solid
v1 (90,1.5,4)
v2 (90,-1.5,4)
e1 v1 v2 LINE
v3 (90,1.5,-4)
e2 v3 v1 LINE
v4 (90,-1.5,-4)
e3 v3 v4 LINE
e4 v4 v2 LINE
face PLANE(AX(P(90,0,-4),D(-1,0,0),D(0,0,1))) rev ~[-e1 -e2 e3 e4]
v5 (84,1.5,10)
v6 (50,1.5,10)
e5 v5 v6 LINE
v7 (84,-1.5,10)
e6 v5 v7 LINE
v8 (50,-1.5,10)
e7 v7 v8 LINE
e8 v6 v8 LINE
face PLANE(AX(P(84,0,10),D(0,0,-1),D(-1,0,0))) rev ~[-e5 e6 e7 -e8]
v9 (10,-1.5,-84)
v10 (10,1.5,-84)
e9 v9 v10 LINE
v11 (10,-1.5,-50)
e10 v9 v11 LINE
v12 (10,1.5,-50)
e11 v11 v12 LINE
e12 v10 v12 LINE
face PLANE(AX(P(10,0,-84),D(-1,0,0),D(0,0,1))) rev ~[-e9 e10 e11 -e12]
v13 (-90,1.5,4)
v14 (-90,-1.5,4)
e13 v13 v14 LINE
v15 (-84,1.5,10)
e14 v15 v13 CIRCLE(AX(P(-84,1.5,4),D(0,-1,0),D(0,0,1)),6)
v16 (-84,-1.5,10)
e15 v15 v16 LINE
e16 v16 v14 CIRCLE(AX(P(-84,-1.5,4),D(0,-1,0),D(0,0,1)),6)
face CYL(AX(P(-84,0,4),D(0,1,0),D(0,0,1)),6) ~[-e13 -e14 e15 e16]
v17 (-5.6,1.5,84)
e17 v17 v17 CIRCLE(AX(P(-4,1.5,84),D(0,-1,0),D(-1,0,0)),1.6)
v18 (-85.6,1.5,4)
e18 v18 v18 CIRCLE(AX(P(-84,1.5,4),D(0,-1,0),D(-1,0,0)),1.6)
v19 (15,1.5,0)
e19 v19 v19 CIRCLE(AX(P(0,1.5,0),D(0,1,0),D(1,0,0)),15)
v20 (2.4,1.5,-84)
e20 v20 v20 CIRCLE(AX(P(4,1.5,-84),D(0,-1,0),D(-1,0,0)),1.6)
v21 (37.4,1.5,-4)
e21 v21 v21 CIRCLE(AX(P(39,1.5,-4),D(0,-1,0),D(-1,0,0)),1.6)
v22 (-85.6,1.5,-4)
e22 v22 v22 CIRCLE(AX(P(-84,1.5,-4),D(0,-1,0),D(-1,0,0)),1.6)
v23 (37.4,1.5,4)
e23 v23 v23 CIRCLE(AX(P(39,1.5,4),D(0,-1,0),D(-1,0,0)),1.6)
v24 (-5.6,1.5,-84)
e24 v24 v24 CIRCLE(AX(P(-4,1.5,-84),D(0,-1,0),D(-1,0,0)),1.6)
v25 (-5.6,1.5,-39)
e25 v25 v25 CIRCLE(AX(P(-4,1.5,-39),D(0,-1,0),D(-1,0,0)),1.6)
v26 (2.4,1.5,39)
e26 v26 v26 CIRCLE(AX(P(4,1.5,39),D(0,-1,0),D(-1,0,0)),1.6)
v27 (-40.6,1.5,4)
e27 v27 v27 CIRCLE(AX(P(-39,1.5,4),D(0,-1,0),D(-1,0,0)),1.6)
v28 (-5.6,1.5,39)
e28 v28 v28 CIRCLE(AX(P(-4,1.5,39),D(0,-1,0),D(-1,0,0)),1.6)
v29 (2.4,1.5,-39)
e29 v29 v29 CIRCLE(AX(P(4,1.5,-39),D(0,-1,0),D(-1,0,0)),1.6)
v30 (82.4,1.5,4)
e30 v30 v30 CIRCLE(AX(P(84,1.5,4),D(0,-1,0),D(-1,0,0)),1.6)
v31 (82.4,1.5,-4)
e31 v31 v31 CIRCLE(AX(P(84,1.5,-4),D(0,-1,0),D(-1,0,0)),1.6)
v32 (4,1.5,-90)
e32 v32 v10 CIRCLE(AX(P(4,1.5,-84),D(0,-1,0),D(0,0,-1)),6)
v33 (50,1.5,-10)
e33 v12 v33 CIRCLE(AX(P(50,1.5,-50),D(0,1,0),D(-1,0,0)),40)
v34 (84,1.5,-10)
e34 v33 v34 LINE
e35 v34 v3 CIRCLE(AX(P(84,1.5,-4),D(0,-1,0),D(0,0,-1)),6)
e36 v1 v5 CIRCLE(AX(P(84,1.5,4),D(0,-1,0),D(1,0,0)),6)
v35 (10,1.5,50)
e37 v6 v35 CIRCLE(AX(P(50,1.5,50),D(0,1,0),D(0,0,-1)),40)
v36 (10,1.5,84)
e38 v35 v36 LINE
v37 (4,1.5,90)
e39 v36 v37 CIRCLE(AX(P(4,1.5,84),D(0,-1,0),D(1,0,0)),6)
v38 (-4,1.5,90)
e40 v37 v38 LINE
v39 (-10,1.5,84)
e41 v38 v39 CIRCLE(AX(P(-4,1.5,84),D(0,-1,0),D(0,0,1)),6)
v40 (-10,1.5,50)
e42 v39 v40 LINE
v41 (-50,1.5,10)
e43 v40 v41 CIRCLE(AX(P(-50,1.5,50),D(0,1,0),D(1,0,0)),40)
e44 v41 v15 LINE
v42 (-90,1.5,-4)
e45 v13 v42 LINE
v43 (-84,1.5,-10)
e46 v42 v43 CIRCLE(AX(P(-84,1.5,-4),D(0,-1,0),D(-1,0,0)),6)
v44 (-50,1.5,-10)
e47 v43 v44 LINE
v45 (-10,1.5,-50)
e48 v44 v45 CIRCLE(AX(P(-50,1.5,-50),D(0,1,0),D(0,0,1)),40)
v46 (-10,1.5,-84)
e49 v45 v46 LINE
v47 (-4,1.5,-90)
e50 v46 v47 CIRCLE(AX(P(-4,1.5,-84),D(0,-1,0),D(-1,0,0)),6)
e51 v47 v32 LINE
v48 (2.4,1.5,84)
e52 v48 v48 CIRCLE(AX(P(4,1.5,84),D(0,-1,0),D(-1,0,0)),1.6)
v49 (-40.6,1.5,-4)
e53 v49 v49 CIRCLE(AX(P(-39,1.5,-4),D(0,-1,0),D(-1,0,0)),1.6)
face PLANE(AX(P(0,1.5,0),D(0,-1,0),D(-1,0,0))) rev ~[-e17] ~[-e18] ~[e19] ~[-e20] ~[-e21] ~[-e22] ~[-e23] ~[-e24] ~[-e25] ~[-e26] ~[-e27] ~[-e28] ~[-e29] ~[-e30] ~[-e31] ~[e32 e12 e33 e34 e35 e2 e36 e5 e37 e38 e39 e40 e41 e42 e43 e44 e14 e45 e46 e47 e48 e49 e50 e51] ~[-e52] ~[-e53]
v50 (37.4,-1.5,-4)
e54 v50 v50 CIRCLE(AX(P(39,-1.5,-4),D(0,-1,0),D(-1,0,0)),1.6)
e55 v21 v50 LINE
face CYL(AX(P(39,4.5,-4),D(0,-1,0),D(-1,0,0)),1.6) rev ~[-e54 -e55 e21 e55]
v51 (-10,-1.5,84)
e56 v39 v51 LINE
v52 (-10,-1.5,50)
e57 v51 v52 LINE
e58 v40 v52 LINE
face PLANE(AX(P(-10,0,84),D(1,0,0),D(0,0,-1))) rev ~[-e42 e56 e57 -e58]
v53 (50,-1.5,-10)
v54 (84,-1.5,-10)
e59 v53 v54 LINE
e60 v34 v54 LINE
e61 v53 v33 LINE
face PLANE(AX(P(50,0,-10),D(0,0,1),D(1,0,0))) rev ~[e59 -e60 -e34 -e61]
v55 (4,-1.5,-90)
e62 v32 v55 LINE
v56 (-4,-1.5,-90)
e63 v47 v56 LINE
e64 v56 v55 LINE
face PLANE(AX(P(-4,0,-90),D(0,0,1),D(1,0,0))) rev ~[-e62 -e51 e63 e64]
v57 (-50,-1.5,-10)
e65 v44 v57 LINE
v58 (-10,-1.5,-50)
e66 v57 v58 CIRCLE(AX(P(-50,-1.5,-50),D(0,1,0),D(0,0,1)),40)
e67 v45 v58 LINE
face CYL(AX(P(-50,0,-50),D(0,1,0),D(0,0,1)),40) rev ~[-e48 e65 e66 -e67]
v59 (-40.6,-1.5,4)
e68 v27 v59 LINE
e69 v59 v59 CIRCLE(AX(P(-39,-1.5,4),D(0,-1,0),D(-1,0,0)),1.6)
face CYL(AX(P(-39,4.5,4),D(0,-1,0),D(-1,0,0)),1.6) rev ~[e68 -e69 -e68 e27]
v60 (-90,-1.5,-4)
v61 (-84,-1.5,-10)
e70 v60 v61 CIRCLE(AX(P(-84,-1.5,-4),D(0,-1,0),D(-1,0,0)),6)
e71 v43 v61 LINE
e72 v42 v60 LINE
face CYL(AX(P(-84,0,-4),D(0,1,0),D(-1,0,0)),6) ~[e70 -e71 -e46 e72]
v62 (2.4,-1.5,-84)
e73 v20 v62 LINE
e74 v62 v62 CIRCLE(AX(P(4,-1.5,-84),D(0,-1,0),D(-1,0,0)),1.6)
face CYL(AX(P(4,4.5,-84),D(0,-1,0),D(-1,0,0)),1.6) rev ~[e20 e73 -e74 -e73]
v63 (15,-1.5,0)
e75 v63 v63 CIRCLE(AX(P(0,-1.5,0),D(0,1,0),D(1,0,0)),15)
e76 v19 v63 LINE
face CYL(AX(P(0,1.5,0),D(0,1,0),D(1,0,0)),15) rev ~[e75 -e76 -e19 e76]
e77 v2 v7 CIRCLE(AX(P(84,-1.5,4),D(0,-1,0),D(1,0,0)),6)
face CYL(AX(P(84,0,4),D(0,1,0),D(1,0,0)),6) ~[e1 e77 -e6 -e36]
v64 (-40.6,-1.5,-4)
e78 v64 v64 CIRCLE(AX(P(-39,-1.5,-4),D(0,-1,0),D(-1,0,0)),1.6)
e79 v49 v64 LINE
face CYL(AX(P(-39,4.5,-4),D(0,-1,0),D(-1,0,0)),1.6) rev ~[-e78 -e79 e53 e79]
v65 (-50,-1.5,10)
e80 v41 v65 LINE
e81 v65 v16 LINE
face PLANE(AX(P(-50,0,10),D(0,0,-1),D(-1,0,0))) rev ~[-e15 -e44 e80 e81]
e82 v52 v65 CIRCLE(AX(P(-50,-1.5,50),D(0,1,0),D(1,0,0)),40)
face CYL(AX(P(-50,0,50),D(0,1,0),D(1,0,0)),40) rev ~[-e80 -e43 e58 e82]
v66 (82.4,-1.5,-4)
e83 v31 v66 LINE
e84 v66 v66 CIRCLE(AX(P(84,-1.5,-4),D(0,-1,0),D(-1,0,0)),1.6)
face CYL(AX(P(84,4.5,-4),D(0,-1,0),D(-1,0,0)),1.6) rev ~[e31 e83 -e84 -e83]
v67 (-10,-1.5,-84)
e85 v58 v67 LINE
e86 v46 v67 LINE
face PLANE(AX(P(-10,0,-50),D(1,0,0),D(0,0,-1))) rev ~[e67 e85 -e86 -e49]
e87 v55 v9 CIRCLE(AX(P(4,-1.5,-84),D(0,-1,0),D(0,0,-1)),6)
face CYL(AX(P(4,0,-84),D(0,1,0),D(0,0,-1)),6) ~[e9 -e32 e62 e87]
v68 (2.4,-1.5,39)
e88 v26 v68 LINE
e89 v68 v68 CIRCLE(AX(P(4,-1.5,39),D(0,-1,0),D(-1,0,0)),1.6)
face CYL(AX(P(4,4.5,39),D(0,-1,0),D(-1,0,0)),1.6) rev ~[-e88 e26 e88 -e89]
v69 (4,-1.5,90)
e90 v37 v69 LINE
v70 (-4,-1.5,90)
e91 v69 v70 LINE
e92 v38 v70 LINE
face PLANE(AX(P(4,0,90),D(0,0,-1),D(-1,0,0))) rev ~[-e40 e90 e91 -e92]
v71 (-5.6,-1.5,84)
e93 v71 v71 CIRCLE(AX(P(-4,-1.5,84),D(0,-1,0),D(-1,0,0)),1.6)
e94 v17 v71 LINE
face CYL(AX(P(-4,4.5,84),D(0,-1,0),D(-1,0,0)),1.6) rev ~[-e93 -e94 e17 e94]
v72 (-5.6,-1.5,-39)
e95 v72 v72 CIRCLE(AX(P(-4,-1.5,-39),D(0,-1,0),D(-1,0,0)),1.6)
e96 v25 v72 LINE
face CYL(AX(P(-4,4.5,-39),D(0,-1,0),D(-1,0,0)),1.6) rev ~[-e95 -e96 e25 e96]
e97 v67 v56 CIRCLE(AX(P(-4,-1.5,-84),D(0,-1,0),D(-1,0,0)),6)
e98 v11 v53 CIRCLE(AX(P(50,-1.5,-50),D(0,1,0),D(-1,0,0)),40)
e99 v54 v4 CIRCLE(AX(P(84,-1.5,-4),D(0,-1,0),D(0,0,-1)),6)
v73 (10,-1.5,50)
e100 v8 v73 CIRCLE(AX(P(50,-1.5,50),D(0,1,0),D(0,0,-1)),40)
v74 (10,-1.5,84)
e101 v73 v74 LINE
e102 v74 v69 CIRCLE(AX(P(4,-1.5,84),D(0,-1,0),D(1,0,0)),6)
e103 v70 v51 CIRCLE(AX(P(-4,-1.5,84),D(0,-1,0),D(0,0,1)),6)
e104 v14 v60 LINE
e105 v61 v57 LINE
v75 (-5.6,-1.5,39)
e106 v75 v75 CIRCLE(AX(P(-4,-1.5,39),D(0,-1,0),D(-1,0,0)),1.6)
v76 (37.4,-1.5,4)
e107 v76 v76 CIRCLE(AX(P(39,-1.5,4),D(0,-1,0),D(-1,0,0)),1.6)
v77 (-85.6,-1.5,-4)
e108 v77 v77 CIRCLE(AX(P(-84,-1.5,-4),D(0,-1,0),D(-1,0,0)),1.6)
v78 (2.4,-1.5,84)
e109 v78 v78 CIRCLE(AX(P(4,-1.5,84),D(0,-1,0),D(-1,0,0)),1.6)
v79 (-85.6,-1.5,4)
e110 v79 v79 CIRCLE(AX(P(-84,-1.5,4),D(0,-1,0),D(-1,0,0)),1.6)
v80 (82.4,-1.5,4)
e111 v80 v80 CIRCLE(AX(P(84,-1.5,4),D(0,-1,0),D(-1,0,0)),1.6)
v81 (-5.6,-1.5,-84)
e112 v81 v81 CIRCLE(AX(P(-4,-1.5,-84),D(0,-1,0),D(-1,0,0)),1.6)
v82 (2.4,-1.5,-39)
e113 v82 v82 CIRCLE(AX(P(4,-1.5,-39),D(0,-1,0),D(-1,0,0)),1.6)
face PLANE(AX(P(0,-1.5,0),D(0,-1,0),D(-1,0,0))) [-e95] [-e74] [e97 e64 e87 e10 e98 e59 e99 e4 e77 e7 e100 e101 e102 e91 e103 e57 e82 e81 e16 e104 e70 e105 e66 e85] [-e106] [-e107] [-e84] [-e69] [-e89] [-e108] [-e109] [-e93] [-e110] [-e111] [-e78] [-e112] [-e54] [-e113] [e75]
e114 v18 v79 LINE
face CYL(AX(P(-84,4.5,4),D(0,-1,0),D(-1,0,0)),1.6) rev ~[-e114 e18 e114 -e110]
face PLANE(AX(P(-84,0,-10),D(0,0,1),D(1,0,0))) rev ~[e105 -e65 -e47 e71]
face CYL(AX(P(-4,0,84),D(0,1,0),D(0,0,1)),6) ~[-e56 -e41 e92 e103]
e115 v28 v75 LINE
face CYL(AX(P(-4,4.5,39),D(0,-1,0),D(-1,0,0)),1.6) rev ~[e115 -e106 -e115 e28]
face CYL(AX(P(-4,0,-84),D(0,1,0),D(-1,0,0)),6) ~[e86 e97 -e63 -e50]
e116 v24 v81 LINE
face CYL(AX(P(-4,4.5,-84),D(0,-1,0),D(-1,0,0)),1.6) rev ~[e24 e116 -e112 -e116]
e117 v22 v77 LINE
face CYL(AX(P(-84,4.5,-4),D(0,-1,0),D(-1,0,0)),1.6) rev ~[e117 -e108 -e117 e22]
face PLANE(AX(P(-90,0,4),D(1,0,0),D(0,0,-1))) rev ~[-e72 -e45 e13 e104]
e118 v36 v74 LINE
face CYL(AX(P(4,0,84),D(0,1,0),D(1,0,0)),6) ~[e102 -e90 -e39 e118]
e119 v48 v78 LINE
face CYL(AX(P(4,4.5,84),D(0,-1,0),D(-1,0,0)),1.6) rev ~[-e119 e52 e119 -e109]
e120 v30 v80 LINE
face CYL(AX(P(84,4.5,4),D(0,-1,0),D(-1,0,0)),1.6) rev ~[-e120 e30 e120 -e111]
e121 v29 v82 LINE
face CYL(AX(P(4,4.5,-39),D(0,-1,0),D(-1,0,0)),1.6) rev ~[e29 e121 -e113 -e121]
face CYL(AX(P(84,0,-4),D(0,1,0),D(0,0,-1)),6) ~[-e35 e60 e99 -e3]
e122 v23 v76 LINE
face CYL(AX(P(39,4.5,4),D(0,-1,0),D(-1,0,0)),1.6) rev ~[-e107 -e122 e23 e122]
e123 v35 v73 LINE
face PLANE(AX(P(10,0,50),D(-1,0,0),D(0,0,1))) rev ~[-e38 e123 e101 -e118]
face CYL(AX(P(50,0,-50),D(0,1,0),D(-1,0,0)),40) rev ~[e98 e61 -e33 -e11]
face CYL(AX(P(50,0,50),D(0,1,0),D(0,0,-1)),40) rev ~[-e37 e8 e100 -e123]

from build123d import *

# Parameters (mm, degrees)
BOSS_EXTRUDE1_DEPTH      = 1.5
M3_CLEARANCE_HOLE1_D     = 3.2
M3_CLEARANCE_HOLE1_DEPTH = 3
SKETCH5_R                = 15
CUT_EXTRUDE1_DEPTH       = 1
CUT_EXTRUDE1_DEPTH_BACK  = 4


with BuildPart() as part:
    # Sketch1 → Boss-Extrude1 (new body, symmetric)
    with BuildSketch(Plane(origin=(0, 0, 0), x_dir=(1, 0, 0), z_dir=(0, 1, 0))):
        with BuildLine():
            Line((50, 10), (84, 10))
            ThreePointArc((84, 10), (88.242640687, 8.242640687), (90, 4))
            Line((90, 4), (90, -4))
            ThreePointArc((90, -4), (88.242640687, -8.242640687), (84, -10))
            Line((84, -10), (50, -10))
            ThreePointArc((50, -10), (21.715728753, -21.715728753), (10, -50))
            Line((10, -50), (10, -84))
            ThreePointArc((10, -84), (8.242640687, -88.242640687), (4, -90))
            Line((4, -90), (-4, -90))
            ThreePointArc((-4, -90), (-8.242640687, -88.242640687), (-10, -84))
            Line((-10, -84), (-10, -50))
            ThreePointArc((-10, -50), (-21.715728753, -21.715728753), (-50, -10))
            Line((-50, -10), (-84, -10))
            ThreePointArc((-84, -10), (-88.242640687, -8.242640687), (-90, -4))
            Line((-90, -4), (-90, 4))
            ThreePointArc((-90, 4), (-88.242640687, 8.242640687), (-84, 10))
            Line((-84, 10), (-50, 10))
            ThreePointArc((-50, 10), (-21.715728753, 21.715728753), (-10, 50))
            Line((-10, 50), (-10, 84))
            ThreePointArc((-10, 84), (-8.242640687, 88.242640687), (-4, 90))
            Line((-4, 90), (4, 90))
            ThreePointArc((4, 90), (8.242640687, 88.242640687), (10, 84))
            Line((10, 84), (10, 50))
            ThreePointArc((10, 50), (21.715728753, 21.715728753), (50, 10))
        make_face()
    extrude(amount=BOSS_EXTRUDE1_DEPTH, both=True)

    # M3 Clearance Hole1
    with Locations(Plane(origin=(0, 1.5, 0), x_dir=(1, 0, 0), z_dir=(0, 1, 0))):
        with Locations((-84, 4), (-84, -4), (-4, 84), (4, 84), (84, 4), (84, -4), (4, -84), (-4, -84), (-39, 4), (-39, -4), (39, 4), (39, -4), (4, -39), (-4, -39), (-4, 39), (4, 39)):
            Hole(M3_CLEARANCE_HOLE1_D / 2, depth=M3_CLEARANCE_HOLE1_DEPTH)

    # Sketch5 → Cut-Extrude1 (cut, two sides)
    with BuildSketch(Plane(origin=(0, 1.5, 0), x_dir=(1, 0, 0), z_dir=(0, 1, 0))) as cut_extrude1_sk:
        Circle(SKETCH5_R)
    extrude(amount=CUT_EXTRUDE1_DEPTH, mode=Mode.SUBTRACT)
    extrude(cut_extrude1_sk.sketch, amount=-CUT_EXTRUDE1_DEPTH_BACK, mode=Mode.SUBTRACT)


solid = part.part
